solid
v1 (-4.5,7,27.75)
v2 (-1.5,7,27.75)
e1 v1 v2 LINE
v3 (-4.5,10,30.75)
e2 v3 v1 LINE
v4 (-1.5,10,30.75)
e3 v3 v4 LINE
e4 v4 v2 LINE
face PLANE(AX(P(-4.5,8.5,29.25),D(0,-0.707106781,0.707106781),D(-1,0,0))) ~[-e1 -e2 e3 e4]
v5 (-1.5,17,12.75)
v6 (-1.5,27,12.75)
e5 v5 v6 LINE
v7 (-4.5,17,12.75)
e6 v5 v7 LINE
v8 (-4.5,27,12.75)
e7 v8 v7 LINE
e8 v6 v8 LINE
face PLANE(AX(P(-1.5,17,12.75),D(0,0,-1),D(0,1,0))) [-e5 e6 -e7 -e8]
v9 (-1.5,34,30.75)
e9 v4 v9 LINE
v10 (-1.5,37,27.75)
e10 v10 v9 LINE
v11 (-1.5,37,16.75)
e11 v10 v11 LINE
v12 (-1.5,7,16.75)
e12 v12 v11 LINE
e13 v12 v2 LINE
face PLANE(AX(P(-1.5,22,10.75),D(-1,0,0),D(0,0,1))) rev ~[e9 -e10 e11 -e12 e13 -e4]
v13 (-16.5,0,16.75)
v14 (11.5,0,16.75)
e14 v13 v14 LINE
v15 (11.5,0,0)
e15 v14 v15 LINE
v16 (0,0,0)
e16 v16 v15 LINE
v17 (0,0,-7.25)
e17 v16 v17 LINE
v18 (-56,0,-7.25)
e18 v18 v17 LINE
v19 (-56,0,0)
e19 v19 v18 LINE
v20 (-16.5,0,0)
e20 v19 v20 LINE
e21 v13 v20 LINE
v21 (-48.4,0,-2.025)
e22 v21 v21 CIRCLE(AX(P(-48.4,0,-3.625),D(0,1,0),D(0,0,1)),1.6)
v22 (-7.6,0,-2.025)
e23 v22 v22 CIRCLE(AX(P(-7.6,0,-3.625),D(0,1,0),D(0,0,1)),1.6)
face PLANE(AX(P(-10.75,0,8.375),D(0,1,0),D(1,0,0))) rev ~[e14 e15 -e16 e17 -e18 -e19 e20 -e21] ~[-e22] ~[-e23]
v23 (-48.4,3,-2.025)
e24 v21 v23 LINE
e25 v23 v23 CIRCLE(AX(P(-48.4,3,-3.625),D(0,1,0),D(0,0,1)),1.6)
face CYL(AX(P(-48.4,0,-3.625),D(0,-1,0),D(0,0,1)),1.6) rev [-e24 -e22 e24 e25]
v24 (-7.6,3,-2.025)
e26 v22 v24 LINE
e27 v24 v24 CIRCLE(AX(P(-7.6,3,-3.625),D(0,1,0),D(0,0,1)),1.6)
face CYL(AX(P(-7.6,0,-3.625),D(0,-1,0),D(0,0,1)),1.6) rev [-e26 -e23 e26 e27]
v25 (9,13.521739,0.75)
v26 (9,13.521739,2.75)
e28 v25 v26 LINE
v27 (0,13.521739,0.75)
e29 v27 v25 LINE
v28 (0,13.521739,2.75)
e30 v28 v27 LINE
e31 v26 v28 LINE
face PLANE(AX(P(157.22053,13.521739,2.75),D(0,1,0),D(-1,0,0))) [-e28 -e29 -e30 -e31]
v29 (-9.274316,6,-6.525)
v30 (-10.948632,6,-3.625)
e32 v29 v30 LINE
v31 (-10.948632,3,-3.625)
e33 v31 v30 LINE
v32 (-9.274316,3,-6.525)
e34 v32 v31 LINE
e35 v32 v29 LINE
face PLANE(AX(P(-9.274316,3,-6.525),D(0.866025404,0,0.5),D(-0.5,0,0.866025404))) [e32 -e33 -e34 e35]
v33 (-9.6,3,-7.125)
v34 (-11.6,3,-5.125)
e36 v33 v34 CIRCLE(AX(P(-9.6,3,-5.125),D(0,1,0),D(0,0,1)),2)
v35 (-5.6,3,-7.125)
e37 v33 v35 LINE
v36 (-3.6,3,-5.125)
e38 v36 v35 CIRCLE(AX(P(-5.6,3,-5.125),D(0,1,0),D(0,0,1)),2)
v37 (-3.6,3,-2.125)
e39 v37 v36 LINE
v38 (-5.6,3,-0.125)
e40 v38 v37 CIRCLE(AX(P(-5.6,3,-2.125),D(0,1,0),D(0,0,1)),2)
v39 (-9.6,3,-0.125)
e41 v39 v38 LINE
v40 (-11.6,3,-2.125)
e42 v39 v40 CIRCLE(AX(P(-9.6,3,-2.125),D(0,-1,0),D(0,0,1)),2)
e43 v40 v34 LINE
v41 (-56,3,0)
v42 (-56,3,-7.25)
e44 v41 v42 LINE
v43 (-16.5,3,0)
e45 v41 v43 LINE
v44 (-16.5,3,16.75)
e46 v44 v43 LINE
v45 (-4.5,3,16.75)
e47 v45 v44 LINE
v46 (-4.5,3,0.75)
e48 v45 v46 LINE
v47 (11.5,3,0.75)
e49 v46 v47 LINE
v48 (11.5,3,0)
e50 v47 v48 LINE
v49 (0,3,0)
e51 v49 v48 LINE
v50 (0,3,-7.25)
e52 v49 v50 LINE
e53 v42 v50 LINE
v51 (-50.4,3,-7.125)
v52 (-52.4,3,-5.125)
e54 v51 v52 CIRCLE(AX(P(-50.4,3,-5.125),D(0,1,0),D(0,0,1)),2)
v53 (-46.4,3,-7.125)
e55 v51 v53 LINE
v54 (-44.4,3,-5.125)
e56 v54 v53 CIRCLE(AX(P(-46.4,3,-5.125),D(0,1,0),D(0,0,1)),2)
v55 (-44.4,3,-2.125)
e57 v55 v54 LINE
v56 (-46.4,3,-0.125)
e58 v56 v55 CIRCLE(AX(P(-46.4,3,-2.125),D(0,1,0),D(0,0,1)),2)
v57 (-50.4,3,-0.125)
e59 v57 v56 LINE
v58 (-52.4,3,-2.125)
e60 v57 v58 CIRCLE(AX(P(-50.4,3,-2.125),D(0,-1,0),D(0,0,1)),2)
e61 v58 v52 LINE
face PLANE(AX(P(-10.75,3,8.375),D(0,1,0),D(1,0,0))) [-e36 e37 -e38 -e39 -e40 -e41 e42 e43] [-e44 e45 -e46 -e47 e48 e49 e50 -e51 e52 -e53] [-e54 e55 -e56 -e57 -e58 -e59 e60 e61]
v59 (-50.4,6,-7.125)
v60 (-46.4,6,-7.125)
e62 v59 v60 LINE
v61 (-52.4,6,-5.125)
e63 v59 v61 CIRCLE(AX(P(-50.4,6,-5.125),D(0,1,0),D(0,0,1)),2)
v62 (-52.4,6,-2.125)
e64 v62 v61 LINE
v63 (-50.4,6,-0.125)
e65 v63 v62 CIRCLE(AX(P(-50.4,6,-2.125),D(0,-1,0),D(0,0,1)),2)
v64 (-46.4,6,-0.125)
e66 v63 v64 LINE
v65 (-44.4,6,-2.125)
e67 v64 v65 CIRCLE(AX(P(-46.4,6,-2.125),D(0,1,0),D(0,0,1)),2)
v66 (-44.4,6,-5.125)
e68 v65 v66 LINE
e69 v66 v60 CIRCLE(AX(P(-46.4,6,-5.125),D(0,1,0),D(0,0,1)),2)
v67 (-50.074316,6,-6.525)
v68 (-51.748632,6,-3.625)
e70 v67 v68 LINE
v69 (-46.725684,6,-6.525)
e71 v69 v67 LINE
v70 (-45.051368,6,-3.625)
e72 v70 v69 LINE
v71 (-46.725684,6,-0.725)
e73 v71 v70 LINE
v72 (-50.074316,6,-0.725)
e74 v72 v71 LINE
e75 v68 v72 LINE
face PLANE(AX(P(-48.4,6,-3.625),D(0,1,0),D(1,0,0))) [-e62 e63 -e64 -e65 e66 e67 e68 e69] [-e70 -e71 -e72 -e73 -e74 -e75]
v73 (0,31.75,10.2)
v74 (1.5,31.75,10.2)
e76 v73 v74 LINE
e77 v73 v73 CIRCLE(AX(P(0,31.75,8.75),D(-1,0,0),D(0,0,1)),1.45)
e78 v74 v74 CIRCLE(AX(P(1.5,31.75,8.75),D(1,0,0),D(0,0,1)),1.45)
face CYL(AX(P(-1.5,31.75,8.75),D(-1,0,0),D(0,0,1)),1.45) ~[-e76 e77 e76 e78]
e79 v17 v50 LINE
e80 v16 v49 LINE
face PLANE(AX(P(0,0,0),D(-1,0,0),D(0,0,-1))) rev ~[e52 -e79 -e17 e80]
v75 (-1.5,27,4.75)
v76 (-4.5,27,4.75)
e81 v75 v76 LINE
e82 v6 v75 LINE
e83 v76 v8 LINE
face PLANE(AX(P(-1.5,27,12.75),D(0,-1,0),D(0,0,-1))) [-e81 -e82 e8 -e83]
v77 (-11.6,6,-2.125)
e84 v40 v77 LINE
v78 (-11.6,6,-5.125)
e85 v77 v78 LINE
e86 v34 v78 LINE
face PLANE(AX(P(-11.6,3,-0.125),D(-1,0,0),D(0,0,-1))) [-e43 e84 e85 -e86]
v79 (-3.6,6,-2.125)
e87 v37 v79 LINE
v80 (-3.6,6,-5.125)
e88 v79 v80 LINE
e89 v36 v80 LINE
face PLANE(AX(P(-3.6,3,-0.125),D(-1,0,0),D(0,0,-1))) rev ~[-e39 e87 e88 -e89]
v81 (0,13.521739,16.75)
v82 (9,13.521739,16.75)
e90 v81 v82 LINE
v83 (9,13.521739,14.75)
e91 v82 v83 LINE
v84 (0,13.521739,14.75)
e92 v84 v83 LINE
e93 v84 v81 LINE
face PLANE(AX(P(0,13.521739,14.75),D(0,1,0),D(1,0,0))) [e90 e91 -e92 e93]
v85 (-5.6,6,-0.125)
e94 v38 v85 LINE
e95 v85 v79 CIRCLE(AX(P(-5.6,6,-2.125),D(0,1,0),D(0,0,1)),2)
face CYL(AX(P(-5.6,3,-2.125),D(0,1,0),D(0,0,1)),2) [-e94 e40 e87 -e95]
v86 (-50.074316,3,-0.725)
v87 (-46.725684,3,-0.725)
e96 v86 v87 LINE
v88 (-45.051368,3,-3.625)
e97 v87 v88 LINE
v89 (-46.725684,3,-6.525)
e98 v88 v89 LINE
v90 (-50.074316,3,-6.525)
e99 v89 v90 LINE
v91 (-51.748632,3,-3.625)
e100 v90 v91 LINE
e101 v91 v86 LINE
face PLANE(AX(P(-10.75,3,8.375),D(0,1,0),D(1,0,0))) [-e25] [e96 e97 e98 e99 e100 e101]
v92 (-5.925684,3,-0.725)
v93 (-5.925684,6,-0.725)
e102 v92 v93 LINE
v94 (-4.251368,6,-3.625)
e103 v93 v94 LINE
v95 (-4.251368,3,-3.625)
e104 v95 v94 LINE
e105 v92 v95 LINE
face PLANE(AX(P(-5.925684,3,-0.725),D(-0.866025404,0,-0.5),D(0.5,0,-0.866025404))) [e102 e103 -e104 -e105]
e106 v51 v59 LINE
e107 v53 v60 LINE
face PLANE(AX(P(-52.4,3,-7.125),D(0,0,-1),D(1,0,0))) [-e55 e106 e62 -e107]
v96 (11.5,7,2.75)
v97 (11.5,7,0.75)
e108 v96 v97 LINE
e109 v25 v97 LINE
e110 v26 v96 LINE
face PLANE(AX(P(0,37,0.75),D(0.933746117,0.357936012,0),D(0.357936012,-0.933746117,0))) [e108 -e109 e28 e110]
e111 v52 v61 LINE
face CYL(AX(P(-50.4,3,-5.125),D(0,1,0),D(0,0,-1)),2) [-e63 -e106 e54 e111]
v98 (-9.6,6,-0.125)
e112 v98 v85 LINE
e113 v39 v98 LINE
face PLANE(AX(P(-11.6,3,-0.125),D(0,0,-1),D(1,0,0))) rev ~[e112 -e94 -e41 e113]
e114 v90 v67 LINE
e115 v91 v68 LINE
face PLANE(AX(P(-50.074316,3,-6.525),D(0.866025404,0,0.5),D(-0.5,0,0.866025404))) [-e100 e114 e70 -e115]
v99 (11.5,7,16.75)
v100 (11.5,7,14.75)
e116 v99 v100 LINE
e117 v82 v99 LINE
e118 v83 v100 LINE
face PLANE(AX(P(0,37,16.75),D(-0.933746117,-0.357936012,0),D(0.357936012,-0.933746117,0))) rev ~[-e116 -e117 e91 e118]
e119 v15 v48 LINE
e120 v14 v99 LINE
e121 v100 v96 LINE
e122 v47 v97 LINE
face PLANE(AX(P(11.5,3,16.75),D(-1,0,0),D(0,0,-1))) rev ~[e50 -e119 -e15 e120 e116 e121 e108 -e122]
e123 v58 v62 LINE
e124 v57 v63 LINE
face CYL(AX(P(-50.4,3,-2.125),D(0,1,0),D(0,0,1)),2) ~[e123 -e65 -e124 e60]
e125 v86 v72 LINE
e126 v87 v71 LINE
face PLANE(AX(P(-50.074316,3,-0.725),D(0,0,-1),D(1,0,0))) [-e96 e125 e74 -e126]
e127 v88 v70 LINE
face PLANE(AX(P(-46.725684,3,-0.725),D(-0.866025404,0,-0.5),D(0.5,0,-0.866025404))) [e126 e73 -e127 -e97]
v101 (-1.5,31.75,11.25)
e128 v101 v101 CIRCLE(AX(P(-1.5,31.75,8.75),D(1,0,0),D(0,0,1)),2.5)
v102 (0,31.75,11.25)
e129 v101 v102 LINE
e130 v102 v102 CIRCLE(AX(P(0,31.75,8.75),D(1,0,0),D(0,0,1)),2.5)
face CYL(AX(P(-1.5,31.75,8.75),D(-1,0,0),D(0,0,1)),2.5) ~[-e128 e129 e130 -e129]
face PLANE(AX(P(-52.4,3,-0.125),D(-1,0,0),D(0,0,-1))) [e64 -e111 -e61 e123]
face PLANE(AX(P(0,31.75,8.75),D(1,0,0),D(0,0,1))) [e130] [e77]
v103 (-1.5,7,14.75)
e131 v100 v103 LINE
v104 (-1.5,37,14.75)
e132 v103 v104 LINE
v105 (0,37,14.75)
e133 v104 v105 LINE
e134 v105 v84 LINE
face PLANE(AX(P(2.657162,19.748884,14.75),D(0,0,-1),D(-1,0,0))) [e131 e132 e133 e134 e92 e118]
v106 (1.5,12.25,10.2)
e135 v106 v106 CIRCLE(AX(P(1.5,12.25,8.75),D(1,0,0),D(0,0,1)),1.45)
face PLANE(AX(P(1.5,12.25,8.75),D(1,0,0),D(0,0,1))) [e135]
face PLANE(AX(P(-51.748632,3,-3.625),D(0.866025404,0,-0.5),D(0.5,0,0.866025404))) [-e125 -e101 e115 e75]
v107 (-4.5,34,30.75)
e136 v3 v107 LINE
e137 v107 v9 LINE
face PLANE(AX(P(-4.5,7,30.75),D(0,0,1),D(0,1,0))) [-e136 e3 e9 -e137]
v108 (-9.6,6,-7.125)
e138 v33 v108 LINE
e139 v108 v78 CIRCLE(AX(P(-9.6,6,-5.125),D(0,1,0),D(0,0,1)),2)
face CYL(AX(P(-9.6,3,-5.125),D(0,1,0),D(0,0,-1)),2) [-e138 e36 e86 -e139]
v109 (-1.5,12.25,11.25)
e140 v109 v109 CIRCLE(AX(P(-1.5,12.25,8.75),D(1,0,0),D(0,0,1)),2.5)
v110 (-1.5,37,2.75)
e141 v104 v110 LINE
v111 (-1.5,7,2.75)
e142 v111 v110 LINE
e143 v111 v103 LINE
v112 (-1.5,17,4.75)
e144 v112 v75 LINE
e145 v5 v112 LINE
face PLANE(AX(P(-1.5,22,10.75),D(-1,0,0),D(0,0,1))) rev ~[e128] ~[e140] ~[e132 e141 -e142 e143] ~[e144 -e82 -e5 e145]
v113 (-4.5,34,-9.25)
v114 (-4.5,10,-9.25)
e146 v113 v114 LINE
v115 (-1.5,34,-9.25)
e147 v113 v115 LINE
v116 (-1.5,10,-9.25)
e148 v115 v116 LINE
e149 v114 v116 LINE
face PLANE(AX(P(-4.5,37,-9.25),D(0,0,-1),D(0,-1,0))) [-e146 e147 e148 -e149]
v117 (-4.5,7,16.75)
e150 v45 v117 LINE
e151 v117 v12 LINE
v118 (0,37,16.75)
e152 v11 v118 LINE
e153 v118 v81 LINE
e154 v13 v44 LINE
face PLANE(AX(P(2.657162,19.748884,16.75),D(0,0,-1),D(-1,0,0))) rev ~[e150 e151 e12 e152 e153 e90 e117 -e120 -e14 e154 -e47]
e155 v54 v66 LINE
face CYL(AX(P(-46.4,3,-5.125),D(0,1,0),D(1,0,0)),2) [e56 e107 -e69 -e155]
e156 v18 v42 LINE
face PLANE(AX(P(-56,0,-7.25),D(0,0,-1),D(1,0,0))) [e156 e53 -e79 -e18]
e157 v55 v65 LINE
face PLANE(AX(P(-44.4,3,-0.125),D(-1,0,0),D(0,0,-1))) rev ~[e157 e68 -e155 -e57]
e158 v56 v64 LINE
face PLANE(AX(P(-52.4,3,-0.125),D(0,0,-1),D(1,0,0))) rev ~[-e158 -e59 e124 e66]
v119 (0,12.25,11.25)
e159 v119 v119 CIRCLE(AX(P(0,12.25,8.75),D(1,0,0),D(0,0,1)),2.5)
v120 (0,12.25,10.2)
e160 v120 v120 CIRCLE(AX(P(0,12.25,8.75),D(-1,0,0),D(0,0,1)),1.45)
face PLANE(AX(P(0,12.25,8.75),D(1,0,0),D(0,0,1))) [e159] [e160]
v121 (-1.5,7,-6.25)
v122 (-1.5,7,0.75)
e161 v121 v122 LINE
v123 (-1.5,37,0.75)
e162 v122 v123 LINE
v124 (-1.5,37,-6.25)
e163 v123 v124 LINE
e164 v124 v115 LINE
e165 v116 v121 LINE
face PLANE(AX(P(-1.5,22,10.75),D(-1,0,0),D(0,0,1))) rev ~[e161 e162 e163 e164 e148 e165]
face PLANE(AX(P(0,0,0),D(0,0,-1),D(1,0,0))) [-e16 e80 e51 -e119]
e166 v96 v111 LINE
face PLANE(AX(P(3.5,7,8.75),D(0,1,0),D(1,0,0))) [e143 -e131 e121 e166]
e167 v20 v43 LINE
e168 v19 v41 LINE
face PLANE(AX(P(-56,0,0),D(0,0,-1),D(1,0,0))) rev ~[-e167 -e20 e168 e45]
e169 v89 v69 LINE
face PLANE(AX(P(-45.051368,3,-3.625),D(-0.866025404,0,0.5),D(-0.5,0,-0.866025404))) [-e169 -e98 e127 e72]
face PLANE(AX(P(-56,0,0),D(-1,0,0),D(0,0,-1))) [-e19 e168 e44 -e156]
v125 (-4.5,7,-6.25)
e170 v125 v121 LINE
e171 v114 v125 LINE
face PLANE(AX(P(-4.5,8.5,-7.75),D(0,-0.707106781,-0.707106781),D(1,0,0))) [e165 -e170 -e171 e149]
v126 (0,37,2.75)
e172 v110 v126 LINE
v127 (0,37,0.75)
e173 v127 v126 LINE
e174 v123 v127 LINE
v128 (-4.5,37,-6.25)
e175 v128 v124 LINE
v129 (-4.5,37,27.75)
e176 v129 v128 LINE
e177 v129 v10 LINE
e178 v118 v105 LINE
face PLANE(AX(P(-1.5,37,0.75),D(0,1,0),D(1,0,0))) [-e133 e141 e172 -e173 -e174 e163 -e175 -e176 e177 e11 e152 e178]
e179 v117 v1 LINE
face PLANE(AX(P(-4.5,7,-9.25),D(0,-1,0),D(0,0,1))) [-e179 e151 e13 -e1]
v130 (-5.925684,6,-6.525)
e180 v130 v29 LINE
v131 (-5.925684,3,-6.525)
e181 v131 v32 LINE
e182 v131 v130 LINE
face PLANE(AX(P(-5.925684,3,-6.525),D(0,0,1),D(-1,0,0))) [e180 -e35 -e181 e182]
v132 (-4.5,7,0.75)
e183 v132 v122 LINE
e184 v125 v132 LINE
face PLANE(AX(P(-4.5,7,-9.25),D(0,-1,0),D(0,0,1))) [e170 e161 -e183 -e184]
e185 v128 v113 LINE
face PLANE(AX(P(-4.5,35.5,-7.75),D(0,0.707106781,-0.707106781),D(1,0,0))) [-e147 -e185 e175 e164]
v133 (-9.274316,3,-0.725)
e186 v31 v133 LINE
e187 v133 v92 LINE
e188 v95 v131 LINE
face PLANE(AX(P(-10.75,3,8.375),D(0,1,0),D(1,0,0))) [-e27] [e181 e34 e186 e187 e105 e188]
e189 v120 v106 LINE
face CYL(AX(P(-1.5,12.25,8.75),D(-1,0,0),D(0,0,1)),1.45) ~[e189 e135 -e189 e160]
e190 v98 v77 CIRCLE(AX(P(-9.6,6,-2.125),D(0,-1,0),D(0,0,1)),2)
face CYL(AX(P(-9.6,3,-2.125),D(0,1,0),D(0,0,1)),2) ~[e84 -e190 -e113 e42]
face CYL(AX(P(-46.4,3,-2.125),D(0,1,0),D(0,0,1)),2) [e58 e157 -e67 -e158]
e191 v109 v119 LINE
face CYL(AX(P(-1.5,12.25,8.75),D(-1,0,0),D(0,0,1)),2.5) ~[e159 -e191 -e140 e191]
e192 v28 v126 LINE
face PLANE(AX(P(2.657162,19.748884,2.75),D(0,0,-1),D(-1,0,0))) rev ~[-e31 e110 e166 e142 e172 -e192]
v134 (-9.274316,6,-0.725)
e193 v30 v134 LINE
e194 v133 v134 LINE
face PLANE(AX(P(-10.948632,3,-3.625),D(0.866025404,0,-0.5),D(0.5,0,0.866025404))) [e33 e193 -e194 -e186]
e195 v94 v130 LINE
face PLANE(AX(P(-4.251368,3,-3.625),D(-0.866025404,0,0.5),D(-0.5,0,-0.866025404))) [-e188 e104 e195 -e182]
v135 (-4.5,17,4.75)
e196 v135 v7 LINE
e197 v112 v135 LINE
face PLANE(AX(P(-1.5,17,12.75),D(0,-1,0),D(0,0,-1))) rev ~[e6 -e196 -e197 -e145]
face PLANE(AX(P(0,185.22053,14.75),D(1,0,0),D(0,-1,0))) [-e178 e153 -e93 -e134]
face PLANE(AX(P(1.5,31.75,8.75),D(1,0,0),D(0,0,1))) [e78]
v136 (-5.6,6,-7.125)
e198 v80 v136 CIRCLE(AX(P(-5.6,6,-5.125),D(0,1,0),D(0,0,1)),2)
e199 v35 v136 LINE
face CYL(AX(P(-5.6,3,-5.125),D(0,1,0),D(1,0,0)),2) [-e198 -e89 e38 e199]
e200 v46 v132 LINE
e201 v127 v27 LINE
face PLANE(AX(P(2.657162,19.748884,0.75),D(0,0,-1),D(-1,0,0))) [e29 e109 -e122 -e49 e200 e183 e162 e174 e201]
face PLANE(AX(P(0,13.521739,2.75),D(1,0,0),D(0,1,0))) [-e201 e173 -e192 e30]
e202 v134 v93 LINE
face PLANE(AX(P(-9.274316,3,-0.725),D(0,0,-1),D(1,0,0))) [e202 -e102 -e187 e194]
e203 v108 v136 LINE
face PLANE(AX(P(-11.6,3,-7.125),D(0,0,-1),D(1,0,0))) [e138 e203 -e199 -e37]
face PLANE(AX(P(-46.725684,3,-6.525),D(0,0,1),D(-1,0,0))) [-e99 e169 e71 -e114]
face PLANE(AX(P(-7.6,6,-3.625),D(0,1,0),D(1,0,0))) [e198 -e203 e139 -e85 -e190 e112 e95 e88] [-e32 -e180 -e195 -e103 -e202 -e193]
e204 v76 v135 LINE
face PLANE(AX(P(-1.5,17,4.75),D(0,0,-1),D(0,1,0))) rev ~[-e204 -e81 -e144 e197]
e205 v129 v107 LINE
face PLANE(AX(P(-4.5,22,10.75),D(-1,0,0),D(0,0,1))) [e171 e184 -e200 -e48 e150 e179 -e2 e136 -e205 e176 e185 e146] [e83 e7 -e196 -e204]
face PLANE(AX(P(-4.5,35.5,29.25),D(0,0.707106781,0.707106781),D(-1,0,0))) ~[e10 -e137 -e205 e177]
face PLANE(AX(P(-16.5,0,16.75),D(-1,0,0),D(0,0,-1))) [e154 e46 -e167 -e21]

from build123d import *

# Parameters (mm, degrees)
SKETCH1_W               = 56
SKETCH1_H               = 7.25
SKETCH1_R               = 1.6
SKETCH1_W_2             = 5
SKETCH1_H_2             = 16.75
SKETCH1_W_3             = 11.5
BOSS_EXTRUDE1_DEPTH     = 3
SKETCH2_W               = 8
SKETCH2_H               = 7
BOSS_EXTRUDE2_DEPTH     = 3
FILLET1_R               = 2
SKETCH3_W               = 16
SKETCH3_H               = 16
BOSS_EXTRUDE3_DEPTH     = 4
BOSS_EXTRUDE4_DEPTH     = 3
BOSS_EXTRUDE5_DEPTH     = 2
BOSS_EXTRUDE6_DEPTH     = 2
CHAMFER1_SIZE           = 3
SKETCH8_W               = 8
SKETCH8_H               = 10
CUT_EXTRUDE1_DEPTH      = 10
SKETCH9_R               = 1.45
BOSS_EXTRUDE7_DEPTH     = 3
SKETCH11_R              = 2.5
BOSS_EXTRUDE8_DEPTH     = 1.5
CUT_EXTRUDE3_DEPTH      = 74.518705103
CUT_EXTRUDE3_DEPTH_BACK = 2
CUT_EXTRUDE4_DEPTH      = 72.979163652
CUT_EXTRUDE4_DEPTH_BACK = 2


with BuildPart() as part:
    # Sketch1 → Boss-Extrude1 (new body)
    # profile 1 of 4: a face of its own
    with BuildSketch(Plane(origin=(0, 0, 0), x_dir=(1, 0, 0), z_dir=(0, 1, 0))):
        with Locations((-28, 3.625)):
            Rectangle(SKETCH1_W, SKETCH1_H)
        with Locations(Location((-7.6, 3.625, 0), (0, 0, 270))):
            Circle(SKETCH1_R, mode=Mode.SUBTRACT)
        with Locations(Location((-48.4, 3.625, 0), (0, 0, 270))):
            Circle(SKETCH1_R, mode=Mode.SUBTRACT)
    # profile 2 of 4: a face of its own
    with BuildSketch(Plane(origin=(0, 0, 0), x_dir=(1, 0, 0), z_dir=(0, 1, 0))):
        with Locations((-2.5, -8.375)):
            Rectangle(SKETCH1_W_2, SKETCH1_H_2)
    # profile 3 of 4: a face of its own
    with BuildSketch(Plane(origin=(0, 0, 0), x_dir=(1, 0, 0), z_dir=(0, 1, 0))):
        with Locations((5.75, -8.375)):
            Rectangle(SKETCH1_W_3, SKETCH1_H_2)
    # profile 4 of 4: a face of its own
    with BuildSketch(Plane(origin=(0, 0, 0), x_dir=(1, 0, 0), z_dir=(0, 1, 0))):
        with Locations((-10.75, -8.375)):
            Rectangle(SKETCH1_W_3, SKETCH1_H_2)
    extrude(amount=BOSS_EXTRUDE1_DEPTH)

    # Sketch2 → Boss-Extrude2 (add)
    # profile 1 of 2: a face of its own
    with BuildSketch(Plane(origin=(0, 3, 0), x_dir=(1, 0, 0), z_dir=(0, 1, 0))):
        with Locations((-48.4, 3.625)):
            Rectangle(SKETCH2_W, SKETCH2_H)
        Polygon((-46.725684219, 0.725), (-45.051368439, 3.625), (-46.725684219, 6.525), (-50.074315781, 6.525), (-51.748631561, 3.625), (-50.074315781, 0.725), align=None, mode=Mode.SUBTRACT)
    # profile 2 of 2: a face of its own
    with BuildSketch(Plane(origin=(0, 3, 0), x_dir=(1, 0, 0), z_dir=(0, 1, 0))):
        with Locations((-7.6, 3.625)):
            Rectangle(SKETCH2_W, SKETCH2_H)
        Polygon((-5.925684219, 0.725), (-4.251368439, 3.625), (-5.925684219, 6.525), (-9.274315781, 6.525), (-10.948631561, 3.625), (-9.274315781, 0.725), align=None, mode=Mode.SUBTRACT)
    extrude(amount=BOSS_EXTRUDE2_DEPTH)

    # Fillet1
    fillet1_edges = [part.edges().sort_by_distance(p)[0] for p in [
        (-44.4, 4.5, -0.125),
        (-44.4, 4.5, -7.125),
        (-52.4, 4.5, -7.125),
        (-52.4, 4.5, -0.125),
        (-3.6, 4.5, -0.125),
        (-3.6, 4.5, -7.125),
        (-11.6, 4.5, -7.125),
        (-11.6, 4.5, -0.125),
    ]]
    fillet(fillet1_edges, radius=FILLET1_R)

    # Sketch3 → Boss-Extrude3 (add)
    with BuildSketch(Plane(origin=(0, 3, 0), x_dir=(1, 0, 0), z_dir=(0, 1, 0))):
        with Locations((3.5, -8.75)):
            Rectangle(SKETCH3_W, SKETCH3_H)
    extrude(amount=BOSS_EXTRUDE3_DEPTH)

    # Sketch5 → Boss-Extrude4 (add)
    with BuildSketch(Plane.ZY.offset(4.5)):
        Polygon((-9.25, 7), (0.75, 7), (16.75, 7), (30.75, 7), (30.75, 37), (-9.25, 37), align=None)
    extrude(amount=-BOSS_EXTRUDE4_DEPTH)

    # Sketch6 → Boss-Extrude5 (add)
    with BuildSketch(Plane.XY.offset(16.75)):
        Polygon((-1.5, 37), (0, 37), (11.5, 7), (-1.5, 7), align=None)
    extrude(amount=-BOSS_EXTRUDE5_DEPTH)

    # Sketch7 → Boss-Extrude6 (add)
    with BuildSketch(Plane(origin=(0, 0, 0.75), x_dir=(-1, 0, 0), z_dir=(0, 0, -1))):
        Polygon((1.5, 37), (0, 37), (-11.5, 7), (1.5, 7), align=None)
    extrude(amount=-BOSS_EXTRUDE6_DEPTH)

    # Chamfer1
    chamfer1_edges = [part.edges().sort_by_distance(p)[0] for p in [
        (-3, 7, -9.25),
        (-3, 37, -9.25),
        (-3, 37, 30.75),
        (-3, 7, 30.75),
    ]]
    chamfer(chamfer1_edges, length=CHAMFER1_SIZE)

    # Sketch8 → Cut-Extrude1 (cut)
    with BuildSketch(Plane(origin=(-1.5, 0, 0), x_dir=(0, 0, -1), z_dir=(1, 0, 0))):
        with Locations((-8.75, 22)):
            Rectangle(SKETCH8_W, SKETCH8_H)
    extrude(amount=-CUT_EXTRUDE1_DEPTH, mode=Mode.SUBTRACT)

    # Sketch9 → Boss-Extrude7 (add)
    with BuildSketch(Plane(origin=(-1.5, 0, 0), x_dir=(0, 0, -1), z_dir=(1, 0, 0))):
        with Locations(Location((-8.75, 31.75, 0), (0, 0, 180))):
            Circle(SKETCH9_R)
        with Locations(Location((-8.75, 12.25, 0), (0, 0, 180))):
            Circle(SKETCH9_R)
    extrude(amount=BOSS_EXTRUDE7_DEPTH)

    # Sketch11 → Boss-Extrude8 (add)
    with BuildSketch(Plane(origin=(-1.5, 0, 0), x_dir=(0, 0, -1), z_dir=(1, 0, 0))):
        with Locations(Location((-8.75, 31.75, 0), (0, 0, 180))):
            Circle(SKETCH11_R)
        with Locations(Location((-8.75, 12.25, 0), (0, 0, 180))):
            Circle(SKETCH11_R)
    extrude(amount=BOSS_EXTRUDE8_DEPTH)

    # Sketch13 → Cut-Extrude3 (cut, two sides: drawn at the far end of the back side and taken through both)
    with BuildSketch(Plane(origin=(0, 0, 0.75), x_dir=(-1, 0, 0), z_dir=(0, 0, -1)).offset(-CUT_EXTRUDE3_DEPTH_BACK)):
        Polygon((0, 185.220530074), (0, 37), (0, 13.52173913), (-9, 13.52173913), (-157.220530074, 13.52173913), (-375.851096448, 213.716588185), (-218.630566375, 385.415379128), align=None)
    extrude(amount=CUT_EXTRUDE3_DEPTH + CUT_EXTRUDE3_DEPTH_BACK, mode=Mode.SUBTRACT)

    # Sketch14 → Cut-Extrude4 (cut, two sides: drawn at the far end of the back side and taken through both)
    with BuildSketch(Plane.XY.offset(16.75).offset(-CUT_EXTRUDE4_DEPTH_BACK)):
        Polygon((0, 185.220530074), (0, 37), (0, 13.52173913), (9, 13.52173913), (157.220530074, 13.52173913), (375.851096448, 213.716588185), (218.630566375, 385.415379128), align=None)
    extrude(amount=CUT_EXTRUDE4_DEPTH + CUT_EXTRUDE4_DEPTH_BACK, mode=Mode.SUBTRACT)


solid = part.part
